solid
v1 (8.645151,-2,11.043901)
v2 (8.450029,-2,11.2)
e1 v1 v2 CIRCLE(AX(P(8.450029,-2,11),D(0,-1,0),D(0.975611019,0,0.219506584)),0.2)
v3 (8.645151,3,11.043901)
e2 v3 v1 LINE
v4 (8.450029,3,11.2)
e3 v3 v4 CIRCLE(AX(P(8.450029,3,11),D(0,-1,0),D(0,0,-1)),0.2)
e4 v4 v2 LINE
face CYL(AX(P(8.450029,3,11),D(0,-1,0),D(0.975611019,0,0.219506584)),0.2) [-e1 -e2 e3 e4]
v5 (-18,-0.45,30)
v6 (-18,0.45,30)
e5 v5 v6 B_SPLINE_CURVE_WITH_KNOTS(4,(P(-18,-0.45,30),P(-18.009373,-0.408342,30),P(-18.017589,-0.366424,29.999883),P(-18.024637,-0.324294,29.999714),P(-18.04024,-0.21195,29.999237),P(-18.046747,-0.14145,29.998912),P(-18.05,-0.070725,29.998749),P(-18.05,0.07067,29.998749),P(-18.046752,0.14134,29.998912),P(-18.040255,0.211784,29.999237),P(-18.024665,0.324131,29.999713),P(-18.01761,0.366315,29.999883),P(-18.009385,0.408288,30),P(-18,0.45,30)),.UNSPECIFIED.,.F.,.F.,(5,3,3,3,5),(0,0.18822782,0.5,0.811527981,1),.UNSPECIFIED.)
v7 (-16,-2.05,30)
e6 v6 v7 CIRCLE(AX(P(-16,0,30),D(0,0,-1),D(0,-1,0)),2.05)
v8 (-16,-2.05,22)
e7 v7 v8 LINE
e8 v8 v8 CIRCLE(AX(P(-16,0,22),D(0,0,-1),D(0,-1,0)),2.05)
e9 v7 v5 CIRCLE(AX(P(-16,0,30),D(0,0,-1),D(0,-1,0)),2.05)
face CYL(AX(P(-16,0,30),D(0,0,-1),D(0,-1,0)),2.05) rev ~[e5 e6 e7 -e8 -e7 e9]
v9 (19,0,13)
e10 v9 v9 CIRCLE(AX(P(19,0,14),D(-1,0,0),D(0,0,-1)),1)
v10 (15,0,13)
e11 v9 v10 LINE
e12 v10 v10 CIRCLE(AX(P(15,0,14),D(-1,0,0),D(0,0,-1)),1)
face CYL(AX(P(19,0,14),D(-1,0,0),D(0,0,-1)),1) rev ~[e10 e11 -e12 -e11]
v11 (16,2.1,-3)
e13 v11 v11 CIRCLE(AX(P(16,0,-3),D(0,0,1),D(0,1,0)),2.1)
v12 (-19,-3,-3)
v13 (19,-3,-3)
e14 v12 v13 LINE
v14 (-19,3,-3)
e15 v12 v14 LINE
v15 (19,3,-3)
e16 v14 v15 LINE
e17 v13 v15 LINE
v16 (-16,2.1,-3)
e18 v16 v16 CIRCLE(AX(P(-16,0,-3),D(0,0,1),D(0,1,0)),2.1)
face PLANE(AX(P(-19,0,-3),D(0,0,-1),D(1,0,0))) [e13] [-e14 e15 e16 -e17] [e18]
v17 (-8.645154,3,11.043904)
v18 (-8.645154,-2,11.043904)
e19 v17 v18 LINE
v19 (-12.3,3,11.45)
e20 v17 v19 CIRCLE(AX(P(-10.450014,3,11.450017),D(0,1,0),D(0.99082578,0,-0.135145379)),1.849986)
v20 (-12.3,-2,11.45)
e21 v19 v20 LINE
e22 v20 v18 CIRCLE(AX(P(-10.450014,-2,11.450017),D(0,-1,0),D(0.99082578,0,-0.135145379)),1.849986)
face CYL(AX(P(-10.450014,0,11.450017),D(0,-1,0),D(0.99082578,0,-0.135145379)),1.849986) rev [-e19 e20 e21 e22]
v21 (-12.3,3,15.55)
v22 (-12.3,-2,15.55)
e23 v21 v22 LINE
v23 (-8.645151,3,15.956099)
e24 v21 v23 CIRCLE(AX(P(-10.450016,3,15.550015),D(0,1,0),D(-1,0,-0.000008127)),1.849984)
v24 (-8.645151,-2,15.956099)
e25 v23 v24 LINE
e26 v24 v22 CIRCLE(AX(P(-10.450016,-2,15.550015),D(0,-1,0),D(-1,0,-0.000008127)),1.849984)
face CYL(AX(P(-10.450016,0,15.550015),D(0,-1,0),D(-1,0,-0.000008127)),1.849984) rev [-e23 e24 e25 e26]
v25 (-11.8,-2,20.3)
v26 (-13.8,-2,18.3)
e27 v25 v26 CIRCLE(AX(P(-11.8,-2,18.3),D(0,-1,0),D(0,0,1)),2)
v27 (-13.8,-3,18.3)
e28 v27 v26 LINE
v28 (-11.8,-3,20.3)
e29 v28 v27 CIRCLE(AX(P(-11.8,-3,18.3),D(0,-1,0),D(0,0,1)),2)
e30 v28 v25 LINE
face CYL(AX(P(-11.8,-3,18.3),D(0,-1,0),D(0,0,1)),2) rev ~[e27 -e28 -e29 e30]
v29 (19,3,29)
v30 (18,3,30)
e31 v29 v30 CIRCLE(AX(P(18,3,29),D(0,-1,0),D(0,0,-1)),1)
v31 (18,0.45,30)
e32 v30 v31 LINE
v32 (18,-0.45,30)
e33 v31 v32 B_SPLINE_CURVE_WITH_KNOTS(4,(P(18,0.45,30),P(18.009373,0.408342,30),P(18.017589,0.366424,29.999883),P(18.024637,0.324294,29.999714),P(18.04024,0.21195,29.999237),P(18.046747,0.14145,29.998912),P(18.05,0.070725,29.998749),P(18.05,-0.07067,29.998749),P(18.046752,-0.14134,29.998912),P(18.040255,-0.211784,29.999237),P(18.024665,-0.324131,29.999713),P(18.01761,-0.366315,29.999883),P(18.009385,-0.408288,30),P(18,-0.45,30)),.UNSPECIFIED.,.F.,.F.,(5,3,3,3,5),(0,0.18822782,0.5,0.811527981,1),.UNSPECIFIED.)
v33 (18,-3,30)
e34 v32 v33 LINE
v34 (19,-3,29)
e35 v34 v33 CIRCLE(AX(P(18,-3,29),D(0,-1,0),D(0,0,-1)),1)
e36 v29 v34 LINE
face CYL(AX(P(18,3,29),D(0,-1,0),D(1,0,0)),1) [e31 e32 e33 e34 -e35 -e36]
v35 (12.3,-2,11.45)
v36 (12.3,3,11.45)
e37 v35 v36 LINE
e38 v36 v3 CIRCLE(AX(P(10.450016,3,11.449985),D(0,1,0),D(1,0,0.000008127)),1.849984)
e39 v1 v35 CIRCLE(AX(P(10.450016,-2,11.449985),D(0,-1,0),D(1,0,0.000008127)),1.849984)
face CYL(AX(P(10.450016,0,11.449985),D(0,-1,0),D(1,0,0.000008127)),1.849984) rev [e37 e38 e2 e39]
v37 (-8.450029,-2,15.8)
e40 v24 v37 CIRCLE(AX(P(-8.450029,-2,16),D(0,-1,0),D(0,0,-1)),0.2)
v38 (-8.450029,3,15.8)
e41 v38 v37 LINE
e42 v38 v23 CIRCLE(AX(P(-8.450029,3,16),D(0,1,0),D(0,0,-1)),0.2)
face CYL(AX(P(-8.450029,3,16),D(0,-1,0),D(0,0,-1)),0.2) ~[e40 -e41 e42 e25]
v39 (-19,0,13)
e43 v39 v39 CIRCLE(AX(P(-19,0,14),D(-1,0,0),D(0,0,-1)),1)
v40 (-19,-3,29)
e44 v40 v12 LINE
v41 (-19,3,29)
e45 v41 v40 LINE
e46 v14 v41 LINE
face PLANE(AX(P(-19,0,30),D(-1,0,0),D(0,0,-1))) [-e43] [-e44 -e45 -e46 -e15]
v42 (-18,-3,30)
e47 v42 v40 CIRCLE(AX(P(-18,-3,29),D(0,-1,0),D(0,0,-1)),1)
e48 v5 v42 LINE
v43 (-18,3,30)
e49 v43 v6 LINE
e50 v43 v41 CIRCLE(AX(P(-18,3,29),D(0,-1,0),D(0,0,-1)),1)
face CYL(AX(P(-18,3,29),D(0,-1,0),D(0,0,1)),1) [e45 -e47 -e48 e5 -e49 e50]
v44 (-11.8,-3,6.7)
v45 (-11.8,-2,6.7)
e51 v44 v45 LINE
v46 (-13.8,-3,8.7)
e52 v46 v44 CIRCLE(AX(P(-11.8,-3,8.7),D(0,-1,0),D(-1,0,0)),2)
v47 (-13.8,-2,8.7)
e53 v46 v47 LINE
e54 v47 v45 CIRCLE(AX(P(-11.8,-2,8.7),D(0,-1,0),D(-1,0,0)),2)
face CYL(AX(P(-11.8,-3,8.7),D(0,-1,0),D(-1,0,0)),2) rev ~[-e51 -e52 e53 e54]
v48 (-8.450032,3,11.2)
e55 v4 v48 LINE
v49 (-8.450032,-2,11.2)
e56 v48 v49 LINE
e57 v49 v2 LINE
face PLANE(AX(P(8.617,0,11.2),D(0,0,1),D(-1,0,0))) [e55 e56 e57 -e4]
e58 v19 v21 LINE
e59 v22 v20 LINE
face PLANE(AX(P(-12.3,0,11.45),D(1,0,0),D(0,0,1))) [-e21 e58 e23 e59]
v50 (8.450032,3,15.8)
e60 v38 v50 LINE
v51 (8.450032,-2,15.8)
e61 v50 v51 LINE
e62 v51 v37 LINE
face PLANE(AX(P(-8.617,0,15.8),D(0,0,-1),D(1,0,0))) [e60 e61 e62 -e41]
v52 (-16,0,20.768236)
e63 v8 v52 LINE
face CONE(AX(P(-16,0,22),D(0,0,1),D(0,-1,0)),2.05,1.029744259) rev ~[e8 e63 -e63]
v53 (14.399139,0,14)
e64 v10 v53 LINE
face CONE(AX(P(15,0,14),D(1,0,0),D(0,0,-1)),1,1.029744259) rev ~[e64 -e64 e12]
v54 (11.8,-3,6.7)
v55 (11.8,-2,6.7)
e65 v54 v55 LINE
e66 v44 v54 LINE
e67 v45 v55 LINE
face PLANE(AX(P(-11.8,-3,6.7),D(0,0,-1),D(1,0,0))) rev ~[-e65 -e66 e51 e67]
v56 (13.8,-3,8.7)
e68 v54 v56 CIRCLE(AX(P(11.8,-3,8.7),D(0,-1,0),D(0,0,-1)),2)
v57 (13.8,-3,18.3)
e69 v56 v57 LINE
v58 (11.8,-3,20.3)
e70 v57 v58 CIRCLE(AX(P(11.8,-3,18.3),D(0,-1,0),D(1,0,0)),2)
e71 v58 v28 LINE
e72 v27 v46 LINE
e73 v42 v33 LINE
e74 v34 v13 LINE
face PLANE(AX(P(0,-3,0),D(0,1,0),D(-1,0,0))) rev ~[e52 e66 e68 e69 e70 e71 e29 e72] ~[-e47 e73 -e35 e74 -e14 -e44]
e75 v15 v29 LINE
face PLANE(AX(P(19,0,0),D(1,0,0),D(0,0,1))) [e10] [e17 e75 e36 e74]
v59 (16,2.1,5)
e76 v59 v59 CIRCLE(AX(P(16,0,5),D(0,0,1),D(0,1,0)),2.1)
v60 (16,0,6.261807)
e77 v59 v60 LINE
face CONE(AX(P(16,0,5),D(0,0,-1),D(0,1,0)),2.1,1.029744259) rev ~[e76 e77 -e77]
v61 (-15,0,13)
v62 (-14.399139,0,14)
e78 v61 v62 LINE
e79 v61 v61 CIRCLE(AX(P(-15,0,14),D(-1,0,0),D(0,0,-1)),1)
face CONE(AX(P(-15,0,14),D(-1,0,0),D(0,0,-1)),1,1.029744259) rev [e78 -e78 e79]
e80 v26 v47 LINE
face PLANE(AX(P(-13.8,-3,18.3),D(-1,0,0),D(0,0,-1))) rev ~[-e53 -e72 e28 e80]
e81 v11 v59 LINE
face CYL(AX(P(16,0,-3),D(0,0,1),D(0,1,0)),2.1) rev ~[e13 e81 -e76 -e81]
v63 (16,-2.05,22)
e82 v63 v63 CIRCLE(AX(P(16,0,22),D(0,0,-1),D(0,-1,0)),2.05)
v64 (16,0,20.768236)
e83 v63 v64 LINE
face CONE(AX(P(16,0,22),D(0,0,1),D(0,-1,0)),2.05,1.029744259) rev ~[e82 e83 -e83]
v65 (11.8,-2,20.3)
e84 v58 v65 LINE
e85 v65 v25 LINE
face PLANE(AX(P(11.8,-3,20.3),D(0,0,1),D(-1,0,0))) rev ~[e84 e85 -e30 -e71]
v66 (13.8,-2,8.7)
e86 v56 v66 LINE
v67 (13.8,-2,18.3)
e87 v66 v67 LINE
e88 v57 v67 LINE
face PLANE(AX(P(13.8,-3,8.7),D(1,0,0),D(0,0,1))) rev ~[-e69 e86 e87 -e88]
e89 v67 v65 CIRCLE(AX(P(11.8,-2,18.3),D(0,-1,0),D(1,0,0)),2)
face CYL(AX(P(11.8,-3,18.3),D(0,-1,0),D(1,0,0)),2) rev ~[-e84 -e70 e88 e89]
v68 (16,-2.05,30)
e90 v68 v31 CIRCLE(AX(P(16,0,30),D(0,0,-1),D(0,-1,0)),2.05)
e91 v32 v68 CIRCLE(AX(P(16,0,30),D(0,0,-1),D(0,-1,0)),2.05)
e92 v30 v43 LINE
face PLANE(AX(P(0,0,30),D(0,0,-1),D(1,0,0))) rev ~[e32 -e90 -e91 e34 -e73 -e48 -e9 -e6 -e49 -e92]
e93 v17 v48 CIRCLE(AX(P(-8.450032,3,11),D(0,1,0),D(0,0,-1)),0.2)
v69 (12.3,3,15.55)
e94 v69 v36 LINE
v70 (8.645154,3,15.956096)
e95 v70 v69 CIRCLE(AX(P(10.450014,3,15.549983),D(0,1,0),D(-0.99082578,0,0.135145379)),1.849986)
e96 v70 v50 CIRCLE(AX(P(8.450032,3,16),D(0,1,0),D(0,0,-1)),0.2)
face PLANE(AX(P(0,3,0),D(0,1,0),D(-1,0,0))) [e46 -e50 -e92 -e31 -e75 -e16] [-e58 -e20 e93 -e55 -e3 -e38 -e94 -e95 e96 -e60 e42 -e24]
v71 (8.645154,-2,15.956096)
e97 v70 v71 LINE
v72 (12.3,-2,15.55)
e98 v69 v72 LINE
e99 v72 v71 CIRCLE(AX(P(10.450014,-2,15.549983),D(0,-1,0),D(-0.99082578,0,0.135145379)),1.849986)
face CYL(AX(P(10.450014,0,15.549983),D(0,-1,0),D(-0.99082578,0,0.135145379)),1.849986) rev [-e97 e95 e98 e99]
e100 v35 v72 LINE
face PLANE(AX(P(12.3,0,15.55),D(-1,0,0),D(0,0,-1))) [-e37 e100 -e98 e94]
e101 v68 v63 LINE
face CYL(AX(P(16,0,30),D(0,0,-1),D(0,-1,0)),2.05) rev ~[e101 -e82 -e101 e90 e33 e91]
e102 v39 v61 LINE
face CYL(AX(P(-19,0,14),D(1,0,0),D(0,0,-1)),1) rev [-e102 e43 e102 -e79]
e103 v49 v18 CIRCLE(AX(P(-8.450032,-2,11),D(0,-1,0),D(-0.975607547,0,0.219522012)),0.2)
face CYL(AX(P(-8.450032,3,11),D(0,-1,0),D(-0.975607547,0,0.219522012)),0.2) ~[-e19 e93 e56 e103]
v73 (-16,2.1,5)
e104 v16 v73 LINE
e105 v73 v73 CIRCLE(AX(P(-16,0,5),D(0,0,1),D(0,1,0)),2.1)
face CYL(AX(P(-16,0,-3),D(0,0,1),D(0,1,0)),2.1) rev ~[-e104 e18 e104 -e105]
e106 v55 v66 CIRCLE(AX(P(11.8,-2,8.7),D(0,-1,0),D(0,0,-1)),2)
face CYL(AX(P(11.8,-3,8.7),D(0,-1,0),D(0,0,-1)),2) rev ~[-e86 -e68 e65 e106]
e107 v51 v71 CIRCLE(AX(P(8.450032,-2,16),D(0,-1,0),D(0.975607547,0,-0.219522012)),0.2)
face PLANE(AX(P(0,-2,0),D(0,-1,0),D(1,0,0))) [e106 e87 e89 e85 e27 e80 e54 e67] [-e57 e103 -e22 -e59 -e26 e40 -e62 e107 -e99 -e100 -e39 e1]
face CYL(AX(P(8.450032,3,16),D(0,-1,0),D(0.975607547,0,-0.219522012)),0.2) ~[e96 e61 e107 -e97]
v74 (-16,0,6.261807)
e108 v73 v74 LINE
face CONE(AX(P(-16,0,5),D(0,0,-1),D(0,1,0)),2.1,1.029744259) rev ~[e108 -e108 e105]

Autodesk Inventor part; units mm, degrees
ref_plane "YZ Plane" through (0, 0, 0) normal (1, 0, 0) x (0, 1, 0)
ref_plane "XZ Plane" through (0, 0, 0) normal (0, 1, 0) x (-1, 0, 0)
ref_plane "XY Plane" through (0, 0, 0) normal (0, 0, 1) x (1, 0, 0)
sketch "Skizze1" plane through (0, 0, 0) normal (0, 1, 0) x (-1, 0, 0)
  line L0 (-19, 0) -> (-19, 30)
  line L1 (19, 30) -> (19, 0)
  line L2 (8.85, 11.45) -> (-8.85, 11.45)
  line L3 (-12.05, 11.45) -> (-12.05, 15.55)
  line L4 (-8.85, 15.55) -> (8.85, 15.55)
  line L5 (12.05, 15.55) -> (12.05, 11.45)
  arc A0 (12.05, 15.55) -> (8.85, 15.55) centre (10.45, 15.55) ccw
  arc A1 (8.85, 11.45) -> (12.05, 11.45) centre (10.45, 11.45) ccw
  arc A2 (-8.85, 15.55) -> (-12.05, 15.55) centre (-10.45, 15.55) ccw
  arc A3 (-12.05, 11.45) -> (-8.85, 11.45) centre (-10.45, 11.45) ccw
  line L6 (19, -3) -> (-19, -3)
  line L7 (-19, -3) -> (-19, 0)
  line L8 (19, 0) -> (19, -3)
  line L9 (0, 30) -> (19, 30)
  line L10 (19, 30) -> (-19, 30)
  arc A4 (-12.3, 11.45) -> (-8.617, 11.2) centre (-10.45, 11.45) ccw
  line L11 (-8.617, 11.2) -> (8.617, 11.2)
  arc A5 (8.617, 11.2) -> (12.3, 11.45) centre (10.45, 11.45) ccw
  line L12 (12.3, 11.45) -> (12.3, 15.55)
  arc A6 (12.3, 15.55) -> (8.617, 15.8) centre (10.45, 15.55) ccw
  line L13 (8.617, 15.8) -> (-8.617, 15.8)
  arc A7 (-8.617, 15.8) -> (-12.3, 15.55) centre (-10.45, 15.55) ccw
  line L14 (-12.3, 15.55) -> (-12.3, 11.45)
  line L15 (0, -3) -> (0, 30) construction
  point P0 (0, 13.5)
  point P1 (19, 0)
  point P2 (0, 13.5)
  dimension "d94" = 0.25
extrude "Grundkörper" add sketch "Skizze1" along normal mid plane 6 contours L0 L10 L9 L1 L8 L6 L7
sketch "Skizze10" plane through (19, 3, -3) normal (0, 0, -1) x (-1, 0, 0)
  line L0 (-3.4, -3) -> (41.4, -3)
  line L1 (19, 19.4) -> (19, -25.4)
  point P0 (19, -3)
  point P1 (19, -3)
  point P2 (3, -3)
  point P3 (35, -3)
  dimension "d96" = 32
hole "Fixierung" at (16, 0, -3) at (-16, 0, -3) direction (0, 0, 1) diameter 4.2 depth 8 tip angle 118
fillet "Rundung1" radius 1 2 edges at (-19, 0, 30) (19, 0, 30)
fillet "Rundung2" radius 0.2 4 edges at (-8.617, 0, 15.8) (8.617, 0, 15.8) (8.617, 0, 11.2) (-8.617, 0, 11.2)
sketch "Skizze13" plane through (0, -3, 0) normal (0, -1, 0) x (1, 0, 0)
  line L0 (-8.6611, 15.55) -> (8.6611, 15.55) construction
  line L1 (0, 15.55) -> (0, 11.45) construction
  line L2 (-8.6611, 11.45) -> (8.6611, 11.45) construction
  line L3 (-11.8, 6.7) -> (11.8, 6.7)
  line L4 (13.8, 8.7) -> (13.8, 18.3)
  line L5 (11.8, 20.3) -> (-11.8, 20.3)
  line L6 (-13.8, 18.3) -> (-13.8, 8.7)
  line L7 (-13.8, 6.7) -> (13.8, 20.3) construction
  line L8 (13.8, 6.7) -> (-13.8, 20.3) construction
  arc A0 (-11.8, 20.3) -> (-13.8, 18.3) centre (-11.8, 18.3) ccw
  arc A1 (-13.8, 8.7) -> (-11.8, 6.7) centre (-11.8, 8.7) ccw
  arc A2 (11.8, 6.7) -> (13.8, 8.7) centre (11.8, 8.7) ccw
  arc A3 (13.8, 18.3) -> (11.8, 20.3) centre (11.8, 18.3) ccw
  point P0 (0, 0)
  point P1 (0, 13.5)
  dimension "d125" = 27.6
  dimension "d126" = 13.6
  dimension "d127" = 2
extrude "Tasche" cut sketch "Skizze13" against normal blind 1
sketch "Skizze11" plane through (19, -3, -3) normal (1, 0, 0) x (0, 0, -1)
  point P0 (-7, 3)
  point P1 (-17, 3)
hole "Federn" at (19, 0, 14) direction (-1, 0, 0) diameter 2 depth 4 tip angle 118
mirror "Spiegeln1" about plane through (0, 0, 0) normal (1, 0, 0) of "Federn"
sketch "Skizze12" plane through (-18, 3, 30) normal (0, 0, 1) x (1, 0, 0)
  line L0 (18, -3) -> (2, -3)
  line L1 (18, -3) -> (18, 0)
  line L2 (26.6611, 0) -> (9.3389, 0) projected
  point P0 (34, -3)
  dimension "d117" = 16
hole "Platinenhalterung" at (-16, 0, 30) at (16, 0, 30) direction (0, 0, -1) diameter 4.1 depth 8 tip angle 118
properties part number "Spulenhalter Hinten Einzel" material "Aluminium 6061"
